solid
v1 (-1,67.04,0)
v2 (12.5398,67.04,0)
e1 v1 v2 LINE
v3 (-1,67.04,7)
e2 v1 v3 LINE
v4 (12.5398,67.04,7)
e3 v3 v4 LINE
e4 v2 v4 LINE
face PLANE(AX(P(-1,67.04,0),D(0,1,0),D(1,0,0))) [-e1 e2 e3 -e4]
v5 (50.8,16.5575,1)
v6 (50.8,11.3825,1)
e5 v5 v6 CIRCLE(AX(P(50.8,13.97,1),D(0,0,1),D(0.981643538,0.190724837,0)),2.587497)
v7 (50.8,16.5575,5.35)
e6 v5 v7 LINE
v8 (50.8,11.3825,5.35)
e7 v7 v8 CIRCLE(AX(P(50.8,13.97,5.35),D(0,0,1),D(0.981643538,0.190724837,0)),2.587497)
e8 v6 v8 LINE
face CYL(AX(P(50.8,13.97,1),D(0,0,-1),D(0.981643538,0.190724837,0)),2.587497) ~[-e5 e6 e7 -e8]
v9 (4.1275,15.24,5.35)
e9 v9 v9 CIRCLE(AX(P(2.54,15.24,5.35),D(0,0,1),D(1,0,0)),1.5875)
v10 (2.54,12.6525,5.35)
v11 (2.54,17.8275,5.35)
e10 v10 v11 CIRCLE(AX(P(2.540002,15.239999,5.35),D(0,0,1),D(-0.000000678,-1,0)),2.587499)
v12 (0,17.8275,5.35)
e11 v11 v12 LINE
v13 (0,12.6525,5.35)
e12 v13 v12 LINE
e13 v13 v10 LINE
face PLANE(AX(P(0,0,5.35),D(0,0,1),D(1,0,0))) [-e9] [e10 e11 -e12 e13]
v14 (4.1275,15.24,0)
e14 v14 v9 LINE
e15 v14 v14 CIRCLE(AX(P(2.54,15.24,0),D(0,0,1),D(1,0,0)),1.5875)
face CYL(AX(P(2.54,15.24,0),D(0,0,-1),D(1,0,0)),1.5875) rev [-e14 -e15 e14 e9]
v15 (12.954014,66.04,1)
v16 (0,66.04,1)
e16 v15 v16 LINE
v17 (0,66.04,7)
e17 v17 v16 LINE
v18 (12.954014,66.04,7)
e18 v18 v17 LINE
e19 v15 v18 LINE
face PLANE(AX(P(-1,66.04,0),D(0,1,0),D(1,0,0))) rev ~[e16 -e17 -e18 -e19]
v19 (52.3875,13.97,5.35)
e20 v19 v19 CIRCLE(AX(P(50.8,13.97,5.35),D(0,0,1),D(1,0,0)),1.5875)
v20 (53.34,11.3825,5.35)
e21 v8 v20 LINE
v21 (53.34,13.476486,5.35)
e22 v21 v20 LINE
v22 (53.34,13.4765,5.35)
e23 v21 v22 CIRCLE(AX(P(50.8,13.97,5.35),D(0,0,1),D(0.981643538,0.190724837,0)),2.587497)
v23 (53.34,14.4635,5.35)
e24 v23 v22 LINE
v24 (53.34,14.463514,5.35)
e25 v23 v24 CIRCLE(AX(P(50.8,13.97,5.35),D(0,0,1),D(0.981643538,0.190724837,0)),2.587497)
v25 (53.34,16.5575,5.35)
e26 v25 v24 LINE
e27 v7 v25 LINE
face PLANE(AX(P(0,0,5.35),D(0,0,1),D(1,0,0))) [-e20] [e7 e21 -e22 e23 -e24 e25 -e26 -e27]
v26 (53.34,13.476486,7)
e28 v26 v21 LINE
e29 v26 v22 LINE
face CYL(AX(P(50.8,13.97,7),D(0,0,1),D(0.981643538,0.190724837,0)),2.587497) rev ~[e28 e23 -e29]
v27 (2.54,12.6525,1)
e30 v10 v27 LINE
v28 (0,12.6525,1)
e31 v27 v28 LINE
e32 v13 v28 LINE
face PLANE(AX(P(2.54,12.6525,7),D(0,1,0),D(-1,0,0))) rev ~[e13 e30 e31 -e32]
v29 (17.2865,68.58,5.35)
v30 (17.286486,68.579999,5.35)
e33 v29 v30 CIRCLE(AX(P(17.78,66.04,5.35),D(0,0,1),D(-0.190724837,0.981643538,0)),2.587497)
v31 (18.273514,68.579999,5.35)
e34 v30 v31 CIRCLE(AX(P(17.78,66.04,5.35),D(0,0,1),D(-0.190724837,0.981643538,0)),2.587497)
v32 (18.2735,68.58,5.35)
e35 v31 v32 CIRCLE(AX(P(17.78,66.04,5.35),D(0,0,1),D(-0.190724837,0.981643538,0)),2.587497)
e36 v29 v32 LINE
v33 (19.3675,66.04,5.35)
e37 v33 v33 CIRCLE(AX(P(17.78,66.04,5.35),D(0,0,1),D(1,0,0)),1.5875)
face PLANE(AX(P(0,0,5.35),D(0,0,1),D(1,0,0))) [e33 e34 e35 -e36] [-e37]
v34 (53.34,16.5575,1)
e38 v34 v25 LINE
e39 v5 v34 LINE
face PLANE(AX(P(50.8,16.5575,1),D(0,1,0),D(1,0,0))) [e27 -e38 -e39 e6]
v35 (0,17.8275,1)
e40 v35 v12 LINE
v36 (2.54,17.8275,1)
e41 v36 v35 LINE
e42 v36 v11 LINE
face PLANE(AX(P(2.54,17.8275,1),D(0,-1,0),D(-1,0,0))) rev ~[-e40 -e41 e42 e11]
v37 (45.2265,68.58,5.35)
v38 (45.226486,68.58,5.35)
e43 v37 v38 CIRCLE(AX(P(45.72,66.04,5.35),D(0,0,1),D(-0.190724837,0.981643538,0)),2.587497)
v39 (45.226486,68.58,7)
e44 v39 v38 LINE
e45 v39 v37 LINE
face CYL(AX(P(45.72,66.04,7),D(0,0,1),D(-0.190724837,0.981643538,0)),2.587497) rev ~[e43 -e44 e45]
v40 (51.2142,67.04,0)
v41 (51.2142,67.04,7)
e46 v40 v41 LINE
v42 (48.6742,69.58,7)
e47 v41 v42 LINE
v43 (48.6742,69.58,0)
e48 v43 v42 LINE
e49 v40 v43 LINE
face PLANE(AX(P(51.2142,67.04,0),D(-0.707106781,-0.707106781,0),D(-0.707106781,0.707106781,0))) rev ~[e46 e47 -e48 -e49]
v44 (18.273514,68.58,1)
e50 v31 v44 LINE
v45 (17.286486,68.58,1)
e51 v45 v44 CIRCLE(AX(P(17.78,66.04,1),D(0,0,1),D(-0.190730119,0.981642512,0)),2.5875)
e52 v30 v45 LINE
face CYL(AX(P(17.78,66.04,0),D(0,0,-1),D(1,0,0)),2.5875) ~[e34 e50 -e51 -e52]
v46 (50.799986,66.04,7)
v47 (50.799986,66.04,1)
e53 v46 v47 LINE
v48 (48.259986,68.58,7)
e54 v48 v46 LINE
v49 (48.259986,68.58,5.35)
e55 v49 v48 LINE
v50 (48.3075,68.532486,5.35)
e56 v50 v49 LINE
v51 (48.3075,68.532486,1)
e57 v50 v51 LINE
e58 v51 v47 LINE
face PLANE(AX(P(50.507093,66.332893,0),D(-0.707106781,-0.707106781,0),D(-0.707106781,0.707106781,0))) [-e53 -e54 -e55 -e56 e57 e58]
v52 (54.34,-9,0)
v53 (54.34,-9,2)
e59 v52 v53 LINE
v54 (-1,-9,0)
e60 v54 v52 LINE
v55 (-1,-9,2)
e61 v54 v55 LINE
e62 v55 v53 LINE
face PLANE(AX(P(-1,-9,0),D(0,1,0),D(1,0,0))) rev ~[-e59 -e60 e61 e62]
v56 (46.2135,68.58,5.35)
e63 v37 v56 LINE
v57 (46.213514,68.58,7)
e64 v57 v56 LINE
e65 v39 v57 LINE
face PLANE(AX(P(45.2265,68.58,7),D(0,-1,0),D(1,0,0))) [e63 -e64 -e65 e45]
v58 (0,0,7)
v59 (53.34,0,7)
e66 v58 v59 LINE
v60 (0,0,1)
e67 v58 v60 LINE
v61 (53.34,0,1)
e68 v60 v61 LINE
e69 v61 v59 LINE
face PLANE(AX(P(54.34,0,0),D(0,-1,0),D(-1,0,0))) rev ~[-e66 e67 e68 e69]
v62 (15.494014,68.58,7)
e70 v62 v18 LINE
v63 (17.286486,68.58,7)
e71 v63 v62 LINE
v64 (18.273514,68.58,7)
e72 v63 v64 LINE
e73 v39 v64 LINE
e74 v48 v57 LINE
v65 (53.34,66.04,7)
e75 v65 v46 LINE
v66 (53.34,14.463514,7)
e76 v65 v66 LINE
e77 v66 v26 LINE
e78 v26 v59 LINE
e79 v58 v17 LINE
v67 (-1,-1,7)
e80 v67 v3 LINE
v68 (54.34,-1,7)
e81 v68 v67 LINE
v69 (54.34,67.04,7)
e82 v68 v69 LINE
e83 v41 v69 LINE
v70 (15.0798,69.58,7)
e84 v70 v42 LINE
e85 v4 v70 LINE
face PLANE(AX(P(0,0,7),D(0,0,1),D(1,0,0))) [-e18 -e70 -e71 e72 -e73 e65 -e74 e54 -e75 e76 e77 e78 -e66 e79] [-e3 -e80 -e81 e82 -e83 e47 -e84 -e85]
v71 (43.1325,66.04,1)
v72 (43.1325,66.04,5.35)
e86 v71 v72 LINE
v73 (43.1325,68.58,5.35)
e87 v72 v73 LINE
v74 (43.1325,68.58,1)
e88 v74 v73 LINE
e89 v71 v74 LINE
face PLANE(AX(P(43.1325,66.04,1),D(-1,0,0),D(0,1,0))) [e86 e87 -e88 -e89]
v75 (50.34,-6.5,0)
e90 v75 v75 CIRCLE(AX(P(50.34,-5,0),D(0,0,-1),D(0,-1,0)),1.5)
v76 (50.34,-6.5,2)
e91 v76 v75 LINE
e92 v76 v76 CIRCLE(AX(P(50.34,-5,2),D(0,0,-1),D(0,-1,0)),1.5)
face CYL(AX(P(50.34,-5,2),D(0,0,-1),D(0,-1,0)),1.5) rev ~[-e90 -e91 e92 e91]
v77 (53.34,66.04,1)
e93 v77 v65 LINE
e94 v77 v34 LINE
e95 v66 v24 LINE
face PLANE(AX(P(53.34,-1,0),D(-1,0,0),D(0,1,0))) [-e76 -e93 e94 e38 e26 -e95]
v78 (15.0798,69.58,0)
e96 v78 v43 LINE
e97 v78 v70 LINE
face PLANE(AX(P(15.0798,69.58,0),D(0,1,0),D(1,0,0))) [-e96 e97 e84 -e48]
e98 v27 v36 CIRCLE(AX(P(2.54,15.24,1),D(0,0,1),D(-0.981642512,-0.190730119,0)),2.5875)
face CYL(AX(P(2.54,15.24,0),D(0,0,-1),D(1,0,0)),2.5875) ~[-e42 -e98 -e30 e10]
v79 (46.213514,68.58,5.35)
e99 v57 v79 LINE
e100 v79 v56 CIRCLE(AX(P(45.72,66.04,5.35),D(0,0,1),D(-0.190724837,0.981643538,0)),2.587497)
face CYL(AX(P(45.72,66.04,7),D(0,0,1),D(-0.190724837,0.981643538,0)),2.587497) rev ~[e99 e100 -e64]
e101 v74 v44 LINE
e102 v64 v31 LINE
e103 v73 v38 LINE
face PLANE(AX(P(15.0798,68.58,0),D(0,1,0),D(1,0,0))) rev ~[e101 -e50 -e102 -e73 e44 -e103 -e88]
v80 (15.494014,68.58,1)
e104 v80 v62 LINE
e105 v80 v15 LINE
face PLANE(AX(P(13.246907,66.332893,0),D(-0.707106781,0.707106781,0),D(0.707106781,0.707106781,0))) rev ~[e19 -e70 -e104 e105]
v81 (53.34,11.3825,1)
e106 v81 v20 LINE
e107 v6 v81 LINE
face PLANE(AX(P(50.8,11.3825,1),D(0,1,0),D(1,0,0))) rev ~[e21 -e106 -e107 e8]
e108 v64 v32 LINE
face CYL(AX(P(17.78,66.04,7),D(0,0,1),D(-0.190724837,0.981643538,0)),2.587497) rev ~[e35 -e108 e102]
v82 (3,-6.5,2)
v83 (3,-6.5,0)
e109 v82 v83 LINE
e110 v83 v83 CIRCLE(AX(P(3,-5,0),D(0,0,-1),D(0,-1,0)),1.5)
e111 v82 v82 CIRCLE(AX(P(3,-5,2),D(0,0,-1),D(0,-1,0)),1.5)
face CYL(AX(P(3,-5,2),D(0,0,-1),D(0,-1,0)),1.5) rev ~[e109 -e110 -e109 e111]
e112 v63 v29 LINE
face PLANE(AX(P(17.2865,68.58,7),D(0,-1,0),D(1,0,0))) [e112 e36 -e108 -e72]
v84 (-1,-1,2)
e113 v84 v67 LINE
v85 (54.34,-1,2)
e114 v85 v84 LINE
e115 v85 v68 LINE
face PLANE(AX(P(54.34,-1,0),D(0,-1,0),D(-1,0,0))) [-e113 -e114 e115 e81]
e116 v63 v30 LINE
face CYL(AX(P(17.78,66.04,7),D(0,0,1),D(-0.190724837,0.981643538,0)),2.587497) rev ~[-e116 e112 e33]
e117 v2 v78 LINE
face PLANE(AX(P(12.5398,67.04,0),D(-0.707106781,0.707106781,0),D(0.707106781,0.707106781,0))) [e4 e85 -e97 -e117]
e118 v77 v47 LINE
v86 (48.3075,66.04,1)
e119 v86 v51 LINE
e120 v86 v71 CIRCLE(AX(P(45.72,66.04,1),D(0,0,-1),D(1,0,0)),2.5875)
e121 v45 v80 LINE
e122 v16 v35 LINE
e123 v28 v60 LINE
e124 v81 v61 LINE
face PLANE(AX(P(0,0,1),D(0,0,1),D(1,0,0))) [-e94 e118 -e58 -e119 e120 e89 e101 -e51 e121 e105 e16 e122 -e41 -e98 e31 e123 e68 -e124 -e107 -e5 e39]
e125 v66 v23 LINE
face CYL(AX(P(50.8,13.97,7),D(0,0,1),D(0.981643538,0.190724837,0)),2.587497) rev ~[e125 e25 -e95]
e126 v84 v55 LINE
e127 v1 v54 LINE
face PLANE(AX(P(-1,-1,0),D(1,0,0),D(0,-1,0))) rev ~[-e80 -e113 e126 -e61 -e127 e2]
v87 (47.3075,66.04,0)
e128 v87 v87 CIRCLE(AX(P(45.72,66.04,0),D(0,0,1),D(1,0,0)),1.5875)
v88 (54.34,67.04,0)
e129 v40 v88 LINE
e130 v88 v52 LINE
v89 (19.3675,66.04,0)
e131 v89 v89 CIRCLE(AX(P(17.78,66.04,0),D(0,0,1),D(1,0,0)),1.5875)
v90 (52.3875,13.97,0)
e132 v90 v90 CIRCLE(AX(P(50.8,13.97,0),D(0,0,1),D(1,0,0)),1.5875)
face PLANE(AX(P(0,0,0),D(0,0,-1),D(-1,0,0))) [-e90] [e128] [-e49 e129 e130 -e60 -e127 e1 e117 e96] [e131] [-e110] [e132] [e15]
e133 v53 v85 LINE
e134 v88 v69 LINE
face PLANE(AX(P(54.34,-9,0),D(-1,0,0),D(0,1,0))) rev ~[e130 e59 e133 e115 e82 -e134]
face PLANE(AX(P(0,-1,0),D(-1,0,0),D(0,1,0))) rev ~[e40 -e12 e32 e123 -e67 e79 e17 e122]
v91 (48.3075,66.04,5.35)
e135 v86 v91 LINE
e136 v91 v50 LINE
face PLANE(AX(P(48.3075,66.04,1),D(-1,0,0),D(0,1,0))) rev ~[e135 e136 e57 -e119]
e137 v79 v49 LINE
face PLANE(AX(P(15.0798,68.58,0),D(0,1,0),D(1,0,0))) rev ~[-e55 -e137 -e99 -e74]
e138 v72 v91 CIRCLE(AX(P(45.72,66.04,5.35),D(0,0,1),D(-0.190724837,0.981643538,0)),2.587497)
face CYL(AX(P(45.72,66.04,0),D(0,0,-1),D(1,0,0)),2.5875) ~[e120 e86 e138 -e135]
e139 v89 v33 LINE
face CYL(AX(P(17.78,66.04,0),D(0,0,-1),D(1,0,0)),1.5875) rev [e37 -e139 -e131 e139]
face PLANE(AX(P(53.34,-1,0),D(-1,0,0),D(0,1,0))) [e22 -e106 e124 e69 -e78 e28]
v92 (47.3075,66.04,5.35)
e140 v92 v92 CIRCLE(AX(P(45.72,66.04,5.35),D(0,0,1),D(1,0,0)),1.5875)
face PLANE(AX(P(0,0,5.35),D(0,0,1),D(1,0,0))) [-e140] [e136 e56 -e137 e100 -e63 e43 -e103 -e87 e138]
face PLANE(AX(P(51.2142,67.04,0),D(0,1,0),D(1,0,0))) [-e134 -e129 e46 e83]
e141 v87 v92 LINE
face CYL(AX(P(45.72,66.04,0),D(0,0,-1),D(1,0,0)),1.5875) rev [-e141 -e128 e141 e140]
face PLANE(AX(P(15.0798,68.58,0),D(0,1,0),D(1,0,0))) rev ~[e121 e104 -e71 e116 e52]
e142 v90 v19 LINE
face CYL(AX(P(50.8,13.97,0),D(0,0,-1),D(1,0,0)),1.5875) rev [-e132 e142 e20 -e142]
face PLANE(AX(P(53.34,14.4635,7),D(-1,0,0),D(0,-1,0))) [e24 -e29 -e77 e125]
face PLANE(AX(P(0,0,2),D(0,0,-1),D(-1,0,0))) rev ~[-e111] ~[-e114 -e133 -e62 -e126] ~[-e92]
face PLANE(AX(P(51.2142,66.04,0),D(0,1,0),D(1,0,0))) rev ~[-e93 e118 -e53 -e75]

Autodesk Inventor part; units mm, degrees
ref_plane "YZ Plane" through (0, 0, 0) normal (1, 0, 0) x (0, 1, 0)
ref_plane "XZ Plane" through (0, 0, 0) normal (0, 1, 0) x (-1, 0, 0)
ref_plane "XY Plane" through (0, 0, 0) normal (0, 0, 1) x (1, 0, 0)
sketch "Esquisse8" plane through (0, 0, 0) normal (0, 0, 1) x (1, 0, 0)
  line L0 (0, 66.04) -> (0, 0)
  line L1 (0, 0) -> (0, 66.04)
  line L2 (12.954, 66.04) -> (0, 66.04)
  line L3 (0, 66.04) -> (12.954, 66.04)
  line L4 (48.26, 68.58) -> (15.494, 68.58)
  line L5 (12.954, 66.04) -> (15.494, 68.58)
  line L6 (50.8, 66.04) -> (48.26, 68.58)
  line L7 (15.494, 68.58) -> (48.26, 68.58)
  line L8 (48.26, 68.58) -> (50.8, 66.04)
  line L9 (53.34, 0) -> (53.34, 66.04)
  line L10 (50.8, 66.04) -> (53.34, 66.04)
  line L11 (53.34, 66.04) -> (53.34, 0)
  line L12 (53.34, 0) -> (0, 0)
  circle A0 centre (2.54, 15.24) radius 1.5875
  circle A1 centre (2.54, 15.24) radius 1.5875
  circle A2 centre (50.8, 13.97) radius 1.5875
  circle A3 centre (50.8, 13.97) radius 1.5875
  circle A4 centre (45.72, 66.04) radius 1.5875
  circle A5 centre (45.72, 66.04) radius 1.5875
  circle A6 centre (17.78, 66.04) radius 1.5875
  circle A7 centre (17.78, 66.04) radius 1.5875
  line L13 (15.0798, 69.58) -> (48.6742, 69.58)
  line L14 (51.2142, 67.04) -> (48.6742, 69.58)
  line L15 (51.2142, 67.04) -> (54.34, 67.04)
  line L16 (54.34, -1) -> (54.34, 67.04)
  line L17 (54.34, -1) -> (-1, -1)
  line L18 (-1, -1) -> (-1, 67.04)
  line L19 (-1, 67.04) -> (12.5398, 67.04)
  line L20 (12.5398, 67.04) -> (15.0798, 69.58)
  dimension "d59" = 1
  dimension "d60" = 1
  dimension "d61" = 1
  dimension "d62" = 1
  dimension "d63" = 1
  dimension "d64" = 1
  dimension "d65" = 1
extrude "Extrusion5" add sketch "Esquisse8" along normal blind 7 contours L2 L5 L4 L6 L10 L9 L12 L0 | L13 L14 L15 L16 L17 L18 L19 L20
shell "Coque1" thickness 1 removed faces 1 at (23.8943, 31.957, 7)
sketch "Esquisse10" plane through (0, 0, 1) normal (0, 0, 1) x (1, 0, 0)
  arc A0 (0, 14.7465) -> (0, 15.7335) centre (2.54, 15.24) ccw projected
  line L0 (2.54, 17.8275) -> (0, 17.8275)
  arc A1 (53.34, 14.4635) -> (53.34, 13.4765) centre (50.8, 13.97) ccw projected
  line L1 (50.8, 16.5575) -> (53.34, 16.5575)
  line L2 (50.8, 11.3825) -> (53.34, 11.3825)
  arc A2 (45.2265, 68.58) -> (46.2135, 68.58) centre (45.72, 66.04) ccw projected
  line L3 (43.1325, 66.04) -> (43.1325, 68.58)
  line L4 (48.3075, 66.04) -> (48.3075, 68.58)
  circle A3 centre (2.54, 15.24) radius 2.5875
  line L5 (0, 17.8275) -> (0, 12.6525)
  line L6 (0, 15.7335) -> (0, 66.04) projected
  line L7 (53.34, 16.5575) -> (53.34, 11.3825)
  line L8 (53.34, 66.04) -> (53.34, 14.4635) projected
  line L9 (43.1325, 68.58) -> (48.3075, 68.58)
  line L10 (18.2735, 68.58) -> (45.2265, 68.58) projected
  circle A4 centre (45.72, 66.04) radius 1.5875 projected
  circle A5 centre (45.72, 66.04) radius 2.5875
  circle A6 centre (50.8, 13.97) radius 1.5875 projected
  circle A7 centre (50.8, 13.97) radius 2.5875
  line L11 (2.54, 12.6525) -> (0, 12.6525)
  line L12 (0, 0) -> (0, 14.7465) projected
extrude "Extrusion6" add sketch "Esquisse10" along normal blind 4.35 contours L5 L0 A0 | L7 A1 | A1 L1 L7 | L7 L2 A1 | L9 A2 | A2 L3 L9 | L9 L4 A2
sketch "Esquisse11" plane through (0, 0, 7) normal (0, 0, 1) x (1, 0, 0)
  arc A0 (0, 14.7465) -> (2.54, 17.8275) centre (2.54, 15.24) ccw projected
  line L0 (2.54, 12.6525) -> (0, 12.6525)
  line L1 (0, 0) -> (0, 14.7465) projected
  line L2 (0, 12.6525) -> (0, 14.7465)
  circle A1 centre (2.54, 15.24) radius 2.5875
extrude "Extrusion7" add sketch "Esquisse11" against normal blind 6 contours A0 L0 L1
sketch "Esquisse12" plane through (0, 0, 0) normal (0, 0, -1) x (-1, 0, 0)
  line L0 (-54.34, -1) -> (1, -1) projected
  line L1 (1, -1) -> (1, -9)
  line L2 (1, -9) -> (-54.34, -9)
  line L3 (-54.34, -9) -> (-54.34, -1)
  point P0 (0, 0)
  dimension "d80" = 8
extrude "Extrusion8" add sketch "Esquisse12" against normal blind 2
sketch "Esquisse13" plane through (0, 0, 2) normal (0, 0, 1) x (1, 0, 0)
  line L0 (-1, -9) -> (54.34, -9) projected
  line L1 (-1, -9) -> (3, -9)
  line L2 (3, -9) -> (3, -1.5792)
  line L3 (-1, -9) -> (-1, 67.04) projected
  line L4 (-1, -9) -> (-1, -5)
  line L5 (-1, -5) -> (3, -5)
  line L6 (26.67, -9) -> (26.67, -6.1659)
  point P0 (0, 0)
  point P1 (50.34, -5)
  dimension "d83" = 4
  dimension "d84" = 4
hole "Perçage2" at (3, -5, 2) at (50.34, -5, 2) direction (0, 0, -1) diameter 3 end through all
sketch "Esquisse14" plane through (0, 0, 7) normal (0, 0, 1) x (1, 0, 0)
  line L0 (0, 0) -> (0, 12.6525) projected
  line L1 (0, 15.7335) -> (0, 17.8275) projected
  line L2 (0, 12.6525) -> (0, 15.7335)
  arc A0 (2.54, 12.6525) -> (0, 15.7335) centre (2.54, 15.24) ccw projected
  line L3 (0, 12.6525) -> (2.54, 12.6525)
  arc A1 (2.54, 12.6525) -> (0, 15.7335) centre (2.54, 15.24) ccw
  circle A2 centre (2.54, 15.24) radius 1.5875
  circle A3 centre (50.8, 13.97) radius 1.5875 projected
  circle A4 centre (50.8, 13.97) radius 1.5875
  arc A5 (53.34, 14.4635) -> (53.34, 13.4765) centre (50.8, 13.97) ccw
  line L4 (53.34, 66.04) -> (53.34, 14.4635) projected
  line L5 (53.34, 14.4635) -> (53.34, 13.4765)
  arc A6 (48.3075, 66.04) -> (46.2135, 68.58) centre (45.72, 66.04) ccw projected
  line L6 (45.2073, 68.58) -> (46.2135, 68.58)
  circle A7 centre (45.72, 66.04) radius 1.5875
  circle A8 centre (45.72, 66.04) radius 1.5875 projected
  arc A9 (45.2265, 68.58) -> (46.2135, 68.58) centre (45.72, 66.04) ccw
  circle A10 centre (17.78, 66.04) radius 1.5875 projected
  circle A11 centre (17.78, 66.04) radius 1.5875
  arc A12 (17.2865, 68.58) -> (18.2735, 68.58) centre (17.78, 66.04) ccw
  arc A13 (17.2865, 68.58) -> (18.2735, 68.58) centre (17.78, 66.04) ccw projected
  line L7 (17.2865, 68.58) -> (18.2735, 68.58)
extrude "Extrusion9" cut sketch "Esquisse14" against normal blind 1.65 contours L2 A0 L3 | L5 A5
sketch "Esquisse15" plane through (0, 0, 7) normal (0, 0, 1) x (1, 0, 0)
  circle A0 centre (17.78, 66.04) radius 1.5875 projected
  circle A1 centre (17.78, 66.04) radius 1.5875
  arc A2 (17.2865, 68.58) -> (18.2735, 68.58) centre (17.78, 66.04) ccw
  line L0 (15.494, 68.58) -> (17.2865, 68.58) projected
  line L1 (17.2865, 68.58) -> (18.2735, 68.58)
  circle A3 centre (45.72, 66.04) radius 1.5875 projected
  circle A4 centre (45.72, 66.04) radius 1.5875
  arc A5 (45.2265, 68.58) -> (46.2135, 68.58) centre (45.72, 66.04) ccw
  line L2 (18.2735, 68.58) -> (45.2265, 68.58) projected
  arc A6 (45.2265, 68.58) -> (46.2135, 68.58) centre (45.72, 66.04) ccw projected
  line L3 (45.2265, 68.58) -> (46.2135, 68.58)
  point P0 (0, 0)
extrude "Extrusion10" cut sketch "Esquisse15" against normal blind 1.65
properties part number "Arduino+Support"
